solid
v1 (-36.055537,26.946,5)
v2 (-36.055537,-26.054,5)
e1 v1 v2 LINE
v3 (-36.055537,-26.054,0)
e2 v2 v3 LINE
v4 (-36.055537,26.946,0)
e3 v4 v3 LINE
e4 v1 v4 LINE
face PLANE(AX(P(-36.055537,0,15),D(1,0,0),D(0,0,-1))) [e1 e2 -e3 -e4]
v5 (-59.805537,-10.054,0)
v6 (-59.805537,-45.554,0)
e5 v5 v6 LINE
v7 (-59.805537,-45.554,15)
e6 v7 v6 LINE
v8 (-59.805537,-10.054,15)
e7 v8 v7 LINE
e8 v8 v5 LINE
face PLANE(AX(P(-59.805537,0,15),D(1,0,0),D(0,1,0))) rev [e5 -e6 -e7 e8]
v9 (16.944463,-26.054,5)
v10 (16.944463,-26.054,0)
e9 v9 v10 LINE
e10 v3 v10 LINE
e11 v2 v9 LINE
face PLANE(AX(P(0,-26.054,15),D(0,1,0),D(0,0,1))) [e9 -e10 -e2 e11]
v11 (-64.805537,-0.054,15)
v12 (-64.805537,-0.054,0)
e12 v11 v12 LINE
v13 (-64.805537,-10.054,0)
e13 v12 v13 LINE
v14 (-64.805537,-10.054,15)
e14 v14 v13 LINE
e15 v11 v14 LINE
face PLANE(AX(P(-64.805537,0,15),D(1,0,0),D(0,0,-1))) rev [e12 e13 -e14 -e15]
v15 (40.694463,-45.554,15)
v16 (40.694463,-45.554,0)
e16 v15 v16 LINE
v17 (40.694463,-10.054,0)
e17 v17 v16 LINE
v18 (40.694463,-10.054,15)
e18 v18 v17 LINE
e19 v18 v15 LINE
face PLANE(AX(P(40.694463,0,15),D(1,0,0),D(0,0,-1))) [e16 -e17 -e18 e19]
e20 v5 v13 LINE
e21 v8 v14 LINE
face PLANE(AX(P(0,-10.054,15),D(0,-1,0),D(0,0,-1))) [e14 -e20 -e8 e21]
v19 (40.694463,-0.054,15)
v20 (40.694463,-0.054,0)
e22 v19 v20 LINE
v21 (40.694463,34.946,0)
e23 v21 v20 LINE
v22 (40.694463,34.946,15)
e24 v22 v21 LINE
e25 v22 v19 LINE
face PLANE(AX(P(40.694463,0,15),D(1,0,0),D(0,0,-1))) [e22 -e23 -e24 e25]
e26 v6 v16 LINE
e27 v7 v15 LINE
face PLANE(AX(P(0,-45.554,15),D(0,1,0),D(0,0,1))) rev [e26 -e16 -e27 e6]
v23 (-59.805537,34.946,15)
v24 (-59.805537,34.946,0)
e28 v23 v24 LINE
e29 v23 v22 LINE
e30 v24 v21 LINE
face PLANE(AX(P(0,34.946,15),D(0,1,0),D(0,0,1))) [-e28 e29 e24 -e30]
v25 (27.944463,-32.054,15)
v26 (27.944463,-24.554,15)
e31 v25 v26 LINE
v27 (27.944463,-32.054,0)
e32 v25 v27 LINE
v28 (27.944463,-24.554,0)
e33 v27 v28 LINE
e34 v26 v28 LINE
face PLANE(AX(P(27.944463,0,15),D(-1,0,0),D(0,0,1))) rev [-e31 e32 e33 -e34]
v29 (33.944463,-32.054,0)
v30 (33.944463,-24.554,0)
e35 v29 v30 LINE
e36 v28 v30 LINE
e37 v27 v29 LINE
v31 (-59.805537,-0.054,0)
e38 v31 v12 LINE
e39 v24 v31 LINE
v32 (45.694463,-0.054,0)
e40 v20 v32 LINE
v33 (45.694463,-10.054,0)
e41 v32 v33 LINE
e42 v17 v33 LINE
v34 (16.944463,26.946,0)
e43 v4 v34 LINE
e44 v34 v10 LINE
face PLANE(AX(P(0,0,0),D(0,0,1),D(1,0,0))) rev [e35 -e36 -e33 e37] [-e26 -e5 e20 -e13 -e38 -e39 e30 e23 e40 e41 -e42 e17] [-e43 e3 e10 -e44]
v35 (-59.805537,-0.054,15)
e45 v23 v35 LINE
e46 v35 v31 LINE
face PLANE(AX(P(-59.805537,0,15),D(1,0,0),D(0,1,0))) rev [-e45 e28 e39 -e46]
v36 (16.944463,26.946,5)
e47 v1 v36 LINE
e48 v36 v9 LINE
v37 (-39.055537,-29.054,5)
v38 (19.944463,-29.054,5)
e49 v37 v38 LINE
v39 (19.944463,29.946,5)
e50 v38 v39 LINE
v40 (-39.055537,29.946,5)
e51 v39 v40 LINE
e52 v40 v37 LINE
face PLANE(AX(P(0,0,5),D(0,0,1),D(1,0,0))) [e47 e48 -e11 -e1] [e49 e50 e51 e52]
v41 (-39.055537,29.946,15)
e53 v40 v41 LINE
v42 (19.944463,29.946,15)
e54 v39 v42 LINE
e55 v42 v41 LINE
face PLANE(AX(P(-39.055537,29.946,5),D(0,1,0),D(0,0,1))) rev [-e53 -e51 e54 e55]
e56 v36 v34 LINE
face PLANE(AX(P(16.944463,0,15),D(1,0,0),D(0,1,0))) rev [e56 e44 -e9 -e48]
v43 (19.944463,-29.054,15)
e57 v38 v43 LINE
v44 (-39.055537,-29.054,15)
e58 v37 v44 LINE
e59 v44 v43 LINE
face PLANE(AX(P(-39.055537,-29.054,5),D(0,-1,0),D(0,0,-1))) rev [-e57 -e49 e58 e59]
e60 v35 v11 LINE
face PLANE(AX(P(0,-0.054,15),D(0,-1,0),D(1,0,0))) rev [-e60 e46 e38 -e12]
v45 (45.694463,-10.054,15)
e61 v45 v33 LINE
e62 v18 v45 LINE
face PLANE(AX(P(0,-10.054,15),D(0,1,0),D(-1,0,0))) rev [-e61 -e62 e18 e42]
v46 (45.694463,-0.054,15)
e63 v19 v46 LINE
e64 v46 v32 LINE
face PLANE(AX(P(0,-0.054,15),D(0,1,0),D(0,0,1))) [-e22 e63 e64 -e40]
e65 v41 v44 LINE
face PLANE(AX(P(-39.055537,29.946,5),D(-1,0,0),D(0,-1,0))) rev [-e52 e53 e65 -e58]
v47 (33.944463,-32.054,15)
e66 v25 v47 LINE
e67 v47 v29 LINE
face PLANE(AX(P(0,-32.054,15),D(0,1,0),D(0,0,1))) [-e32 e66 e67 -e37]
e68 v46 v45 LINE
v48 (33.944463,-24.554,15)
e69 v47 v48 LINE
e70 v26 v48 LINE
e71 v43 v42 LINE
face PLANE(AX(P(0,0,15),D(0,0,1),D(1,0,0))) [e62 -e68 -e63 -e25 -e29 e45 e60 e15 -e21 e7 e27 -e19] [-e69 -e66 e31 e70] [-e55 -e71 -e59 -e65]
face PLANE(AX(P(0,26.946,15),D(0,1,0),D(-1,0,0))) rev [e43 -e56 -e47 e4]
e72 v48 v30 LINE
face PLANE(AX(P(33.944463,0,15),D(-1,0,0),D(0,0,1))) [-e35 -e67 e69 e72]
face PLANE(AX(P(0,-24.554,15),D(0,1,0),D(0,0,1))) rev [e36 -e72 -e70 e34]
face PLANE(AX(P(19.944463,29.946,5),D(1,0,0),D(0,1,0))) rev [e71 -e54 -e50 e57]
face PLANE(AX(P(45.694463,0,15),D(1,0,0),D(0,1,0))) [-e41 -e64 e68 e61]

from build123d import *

# Parameters (mm, degrees)
SKETCH_1_W          = 5
SKETCH_1_H          = 10
SKETCH_1_W_2        = 100.5
SKETCH_1_H_2        = 80.5
SKETCH_1_W_3        = 6
SKETCH_1_H_3        = 7.5
SKETCH_1_W_4        = 53
SKETCH_1_H_4        = 53
EXTRUDE_1_DEPTH     = 15
SKETCH_2_W          = 59
SKETCH_2_H          = 59
CUT_EXTRUDE_1_DEPTH = 10


with BuildPart() as part:
    # 草圖1 → 填料-伸長1 (new body)
    with BuildSketch(Plane.XY):
        with Locations((-62.305536773, -5.054)):
            Rectangle(SKETCH_1_W, SKETCH_1_H)
        with Locations((-9.555536773, -5.304)):
            Rectangle(SKETCH_1_W_2, SKETCH_1_H_2)
        with Locations((30.944463227, -28.304)):
            Rectangle(SKETCH_1_W_3, SKETCH_1_H_3, mode=Mode.SUBTRACT)
        with Locations((-9.555536773, 0.446)):
            Rectangle(SKETCH_1_W_4, SKETCH_1_H_4, mode=Mode.SUBTRACT)
        with Locations((43.194463227, -5.054)):
            Rectangle(SKETCH_1_W, SKETCH_1_H)
    extrude(amount=EXTRUDE_1_DEPTH)

    # 草圖2 → 除料-伸長1 (cut)
    with BuildSketch(Plane.XY.offset(15)):
        with Locations((-9.555536773, 0.446)):
            Rectangle(SKETCH_2_W, SKETCH_2_H)
    extrude(amount=-CUT_EXTRUDE_1_DEPTH, mode=Mode.SUBTRACT)


solid = part.part
